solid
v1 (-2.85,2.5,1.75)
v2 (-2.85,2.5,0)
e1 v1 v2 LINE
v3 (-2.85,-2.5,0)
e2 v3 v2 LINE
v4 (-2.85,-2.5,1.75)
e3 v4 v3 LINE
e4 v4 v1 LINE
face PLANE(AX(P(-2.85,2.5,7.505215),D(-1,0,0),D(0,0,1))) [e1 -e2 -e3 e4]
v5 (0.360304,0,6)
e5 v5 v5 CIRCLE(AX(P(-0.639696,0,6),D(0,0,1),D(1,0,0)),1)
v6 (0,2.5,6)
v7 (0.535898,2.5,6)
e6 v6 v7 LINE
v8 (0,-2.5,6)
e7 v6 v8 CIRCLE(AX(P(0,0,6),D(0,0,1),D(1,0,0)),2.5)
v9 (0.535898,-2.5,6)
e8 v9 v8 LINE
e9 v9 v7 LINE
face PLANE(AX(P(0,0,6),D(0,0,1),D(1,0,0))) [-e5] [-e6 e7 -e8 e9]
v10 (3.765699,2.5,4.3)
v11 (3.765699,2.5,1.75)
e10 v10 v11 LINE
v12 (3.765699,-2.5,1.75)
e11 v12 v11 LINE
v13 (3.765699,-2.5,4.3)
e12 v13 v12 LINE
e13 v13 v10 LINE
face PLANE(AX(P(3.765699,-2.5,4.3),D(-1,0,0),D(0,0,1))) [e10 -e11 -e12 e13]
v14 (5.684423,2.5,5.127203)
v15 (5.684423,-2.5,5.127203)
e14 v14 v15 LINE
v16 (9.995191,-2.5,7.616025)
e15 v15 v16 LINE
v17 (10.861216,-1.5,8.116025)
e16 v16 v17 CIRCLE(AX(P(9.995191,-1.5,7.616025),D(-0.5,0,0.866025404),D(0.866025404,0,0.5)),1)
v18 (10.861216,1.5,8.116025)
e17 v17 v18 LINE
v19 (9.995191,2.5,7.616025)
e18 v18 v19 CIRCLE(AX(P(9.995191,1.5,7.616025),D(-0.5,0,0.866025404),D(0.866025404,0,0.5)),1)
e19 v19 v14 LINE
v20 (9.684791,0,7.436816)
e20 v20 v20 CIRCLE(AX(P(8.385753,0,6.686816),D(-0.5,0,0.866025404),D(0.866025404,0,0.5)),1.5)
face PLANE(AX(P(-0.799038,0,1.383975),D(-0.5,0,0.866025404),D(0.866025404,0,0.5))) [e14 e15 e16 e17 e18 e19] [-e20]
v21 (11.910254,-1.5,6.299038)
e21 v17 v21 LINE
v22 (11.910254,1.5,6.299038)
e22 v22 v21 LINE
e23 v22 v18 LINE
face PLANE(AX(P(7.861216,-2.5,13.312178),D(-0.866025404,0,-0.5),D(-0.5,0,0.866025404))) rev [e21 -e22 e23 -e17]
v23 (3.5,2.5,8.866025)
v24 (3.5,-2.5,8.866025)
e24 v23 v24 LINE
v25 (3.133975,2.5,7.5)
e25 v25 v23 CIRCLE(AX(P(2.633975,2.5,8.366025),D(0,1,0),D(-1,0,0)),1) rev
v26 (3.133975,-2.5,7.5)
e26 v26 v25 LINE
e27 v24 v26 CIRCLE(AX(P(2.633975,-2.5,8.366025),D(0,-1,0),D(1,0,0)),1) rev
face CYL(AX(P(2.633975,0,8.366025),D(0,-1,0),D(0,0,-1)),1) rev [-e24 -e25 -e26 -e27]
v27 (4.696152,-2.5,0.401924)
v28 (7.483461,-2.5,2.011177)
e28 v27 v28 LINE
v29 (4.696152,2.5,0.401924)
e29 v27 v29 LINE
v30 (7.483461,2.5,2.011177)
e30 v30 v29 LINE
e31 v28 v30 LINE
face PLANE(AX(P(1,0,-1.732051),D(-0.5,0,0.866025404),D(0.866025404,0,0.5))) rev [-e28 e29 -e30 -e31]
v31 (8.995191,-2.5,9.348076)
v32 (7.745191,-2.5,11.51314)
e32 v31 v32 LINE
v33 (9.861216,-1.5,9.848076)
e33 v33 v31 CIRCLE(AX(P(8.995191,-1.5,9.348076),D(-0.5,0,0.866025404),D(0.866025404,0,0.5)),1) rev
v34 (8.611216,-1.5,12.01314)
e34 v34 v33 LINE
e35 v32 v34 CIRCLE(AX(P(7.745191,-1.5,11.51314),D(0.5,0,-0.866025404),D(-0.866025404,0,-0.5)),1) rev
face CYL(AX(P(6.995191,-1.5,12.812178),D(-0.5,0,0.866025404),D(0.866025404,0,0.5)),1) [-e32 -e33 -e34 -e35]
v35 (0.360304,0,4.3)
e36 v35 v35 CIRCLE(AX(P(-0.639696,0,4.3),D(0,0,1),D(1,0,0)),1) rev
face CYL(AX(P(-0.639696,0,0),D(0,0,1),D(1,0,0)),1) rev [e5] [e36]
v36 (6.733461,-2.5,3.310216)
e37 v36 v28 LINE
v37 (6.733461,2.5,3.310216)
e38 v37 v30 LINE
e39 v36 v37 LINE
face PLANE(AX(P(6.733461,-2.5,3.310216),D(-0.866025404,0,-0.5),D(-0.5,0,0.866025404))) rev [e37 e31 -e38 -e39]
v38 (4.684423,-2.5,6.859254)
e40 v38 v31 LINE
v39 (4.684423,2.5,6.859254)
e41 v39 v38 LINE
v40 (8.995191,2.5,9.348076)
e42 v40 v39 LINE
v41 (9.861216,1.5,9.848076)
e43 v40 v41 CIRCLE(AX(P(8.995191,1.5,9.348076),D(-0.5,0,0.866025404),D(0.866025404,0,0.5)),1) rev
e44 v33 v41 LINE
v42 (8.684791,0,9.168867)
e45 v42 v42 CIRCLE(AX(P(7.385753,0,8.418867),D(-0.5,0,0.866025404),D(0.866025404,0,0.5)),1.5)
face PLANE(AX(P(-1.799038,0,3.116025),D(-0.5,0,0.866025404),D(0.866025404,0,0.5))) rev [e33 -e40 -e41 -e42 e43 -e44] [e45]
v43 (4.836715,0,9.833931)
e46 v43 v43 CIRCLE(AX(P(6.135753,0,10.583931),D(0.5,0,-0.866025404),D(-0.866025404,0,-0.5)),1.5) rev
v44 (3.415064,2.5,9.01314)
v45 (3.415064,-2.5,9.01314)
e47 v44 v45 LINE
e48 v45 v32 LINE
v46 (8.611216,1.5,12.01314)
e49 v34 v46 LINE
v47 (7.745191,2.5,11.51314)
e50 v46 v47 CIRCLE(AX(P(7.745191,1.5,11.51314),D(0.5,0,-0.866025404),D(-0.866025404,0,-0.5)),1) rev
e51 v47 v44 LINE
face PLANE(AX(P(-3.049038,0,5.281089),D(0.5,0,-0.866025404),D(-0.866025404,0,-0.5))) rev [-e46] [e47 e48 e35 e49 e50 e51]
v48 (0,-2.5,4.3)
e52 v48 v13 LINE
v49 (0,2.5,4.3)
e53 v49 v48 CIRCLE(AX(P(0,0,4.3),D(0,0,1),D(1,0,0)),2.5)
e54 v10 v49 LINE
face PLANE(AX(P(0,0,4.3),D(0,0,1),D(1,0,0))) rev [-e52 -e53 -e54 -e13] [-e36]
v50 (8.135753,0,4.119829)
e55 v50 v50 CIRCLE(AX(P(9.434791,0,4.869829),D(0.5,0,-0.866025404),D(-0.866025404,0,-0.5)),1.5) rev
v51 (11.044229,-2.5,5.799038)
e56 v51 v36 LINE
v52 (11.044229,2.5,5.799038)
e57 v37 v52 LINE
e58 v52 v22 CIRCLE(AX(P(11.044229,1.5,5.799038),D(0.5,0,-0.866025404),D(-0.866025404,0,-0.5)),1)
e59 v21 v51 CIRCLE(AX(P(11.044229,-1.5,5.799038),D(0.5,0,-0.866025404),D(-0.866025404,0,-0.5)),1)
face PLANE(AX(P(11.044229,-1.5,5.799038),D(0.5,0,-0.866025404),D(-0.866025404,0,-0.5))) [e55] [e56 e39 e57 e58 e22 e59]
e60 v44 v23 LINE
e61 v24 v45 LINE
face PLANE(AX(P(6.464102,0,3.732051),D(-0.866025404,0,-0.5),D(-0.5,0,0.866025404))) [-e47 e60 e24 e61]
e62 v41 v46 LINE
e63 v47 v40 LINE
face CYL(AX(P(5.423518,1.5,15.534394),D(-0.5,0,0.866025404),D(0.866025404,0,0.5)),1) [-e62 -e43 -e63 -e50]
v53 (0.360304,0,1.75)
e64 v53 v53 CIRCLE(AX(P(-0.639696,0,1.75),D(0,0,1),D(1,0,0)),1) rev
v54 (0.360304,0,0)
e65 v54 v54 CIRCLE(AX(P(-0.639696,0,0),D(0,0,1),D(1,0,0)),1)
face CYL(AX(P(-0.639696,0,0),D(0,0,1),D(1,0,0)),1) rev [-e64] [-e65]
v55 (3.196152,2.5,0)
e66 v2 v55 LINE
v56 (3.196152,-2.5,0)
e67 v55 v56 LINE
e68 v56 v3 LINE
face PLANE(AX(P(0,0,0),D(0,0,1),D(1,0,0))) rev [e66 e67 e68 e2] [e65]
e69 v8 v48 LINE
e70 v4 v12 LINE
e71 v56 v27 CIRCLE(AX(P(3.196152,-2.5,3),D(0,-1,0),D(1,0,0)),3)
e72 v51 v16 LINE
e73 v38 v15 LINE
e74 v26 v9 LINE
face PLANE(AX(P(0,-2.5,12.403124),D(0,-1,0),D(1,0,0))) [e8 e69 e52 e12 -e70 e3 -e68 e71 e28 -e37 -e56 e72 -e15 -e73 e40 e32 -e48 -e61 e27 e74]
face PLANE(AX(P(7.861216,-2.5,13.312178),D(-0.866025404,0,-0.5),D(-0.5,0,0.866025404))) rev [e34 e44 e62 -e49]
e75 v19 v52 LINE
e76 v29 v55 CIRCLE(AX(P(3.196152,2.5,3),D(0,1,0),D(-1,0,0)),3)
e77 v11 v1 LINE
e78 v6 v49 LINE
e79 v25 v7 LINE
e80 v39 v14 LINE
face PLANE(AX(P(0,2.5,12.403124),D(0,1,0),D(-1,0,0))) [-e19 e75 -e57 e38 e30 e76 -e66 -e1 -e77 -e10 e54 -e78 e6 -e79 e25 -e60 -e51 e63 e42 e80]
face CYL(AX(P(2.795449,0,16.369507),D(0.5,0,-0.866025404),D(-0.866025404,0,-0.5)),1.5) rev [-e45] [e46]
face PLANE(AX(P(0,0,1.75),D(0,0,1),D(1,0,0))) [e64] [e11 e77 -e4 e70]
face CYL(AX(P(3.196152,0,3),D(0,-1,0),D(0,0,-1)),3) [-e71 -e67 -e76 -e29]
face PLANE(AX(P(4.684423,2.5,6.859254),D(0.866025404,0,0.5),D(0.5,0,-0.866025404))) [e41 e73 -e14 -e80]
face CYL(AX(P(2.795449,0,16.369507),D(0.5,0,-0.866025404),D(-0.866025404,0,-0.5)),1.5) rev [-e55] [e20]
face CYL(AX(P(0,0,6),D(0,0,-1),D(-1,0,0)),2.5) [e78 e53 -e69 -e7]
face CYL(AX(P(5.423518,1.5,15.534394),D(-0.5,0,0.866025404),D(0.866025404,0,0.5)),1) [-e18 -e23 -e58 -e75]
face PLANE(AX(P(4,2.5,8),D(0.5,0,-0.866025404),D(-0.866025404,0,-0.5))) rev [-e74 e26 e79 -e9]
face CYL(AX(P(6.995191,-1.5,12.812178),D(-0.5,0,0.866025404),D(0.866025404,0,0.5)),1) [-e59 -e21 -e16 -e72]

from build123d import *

# Parameters (mm, degrees)
SKETCH_1_R               = 2.5
EXTRUDE_1_DEPTH          = 6
SKETCH_2_W               = 4
SKETCH_2_H               = 5
EXTRUDE_2_DEPTH          = 6
SKETCH_13_W              = 5
SKETCH_13_H              = 10
EXTRUDE_4_DEPTH          = 5
EXTRUDE_4_DEPTH_BACK     = 4.598076
SKETCH_14_W              = 5
SKETCH_14_H              = 5.9776452
CUT_EXTRUDE_6_DEPTH      = 1
CUT_EXTRUDE_6_DEPTH_BACK = 1
SKETCH_5_R               = 1
CUT_EXTRUDE_2_DEPTH      = 7
CUT_EXTRUDE_3_DEPTH      = 1.3
CUT_EXTRUDE_3_DEPTH_BACK = 1.25
SKETCH_17_W              = 2.669872981
SKETCH_17_H              = 5
CUT_EXTRUDE_8_DEPTH      = 4
FILLET_1_R               = 1
FILLET_2_R               = 3
SKETCH_15_R              = 1.5
CUT_EXTRUDE_7_DEPTH      = 5.330126966
CUT_EXTRUDE_7_DEPTH_BACK = 15.778684177
FILLET_3_R               = 1
EXTRUDE_5_DEPTH          = 1.75
SKETCH_18_W              = 6.370272001
SKETCH_18_H              = 5.288650256
CUT_EXTRUDE_9_DEPTH      = 1.5
CUT_EXTRUDE_10_DEPTH     = 1.5


with BuildPart() as part:
    # Sketch 1 → Extrude 1 (new body)
    with BuildSketch(Plane.XY):
        Circle(SKETCH_1_R)
    extrude(amount=EXTRUDE_1_DEPTH)

    # Sketch 2 → Extrude 2 (add)
    with BuildSketch(Plane(origin=(0, 0, 0), x_dir=(-1, 0, 0), z_dir=(0, 0, -1))):
        with Locations((-2, 0)):
            Rectangle(SKETCH_2_W, SKETCH_2_H)
    extrude(amount=-EXTRUDE_2_DEPTH)

    # Sketch 13 → Extrude 4 (add, two sides)
    with BuildSketch(Plane(origin=(-1.299038106, 0, 2.25), x_dir=(0, -1, 0), z_dir=(-0.5, 0, 0.866025404))) as extrude_4_sk:
        with Locations((0, 8.464101615)):
            Rectangle(SKETCH_13_W, SKETCH_13_H)
    extrude(amount=EXTRUDE_4_DEPTH)
    extrude(extrude_4_sk.sketch, amount=-EXTRUDE_4_DEPTH_BACK)

    # Sketch 14 → Cut-Extrude 6 (cut, two sides)
    with BuildSketch(Plane(origin=(-1.299038106, 0, 2.25), x_dir=(0, -1, 0), z_dir=(-0.5, 0, 0.866025404))) as cut_extrude_6_sk:
        with Locations((0, 10.475279015)):
            Rectangle(SKETCH_14_W, SKETCH_14_H)
    extrude(amount=CUT_EXTRUDE_6_DEPTH, mode=Mode.SUBTRACT)
    extrude(cut_extrude_6_sk.sketch, amount=-CUT_EXTRUDE_6_DEPTH_BACK, mode=Mode.SUBTRACT)

    # Sketch 5 → Cut-Extrude 2 (cut, through all)
    with BuildSketch(Plane.XY.offset(6)):
        with Locations((-0.639695784, 0)):
            Circle(SKETCH_5_R)
    extrude(amount=-CUT_EXTRUDE_2_DEPTH, mode=Mode.SUBTRACT)

    # Sketch 6 → Cut-Extrude 3 (cut, two sides)
    with BuildSketch(Plane.XY.offset(3)) as cut_extrude_3_sk:
        with BuildLine():
            Line((3.765698608, 2.5), (0, 2.5))
            ThreePointArc((0, 2.5), (-2.5, 0), (0, -2.5))
            Line((0, -2.5), (3.765698608, -2.5))
            Line((3.765698608, -2.5), (3.765698608, 2.5))
        make_face()
    extrude(amount=CUT_EXTRUDE_3_DEPTH, mode=Mode.SUBTRACT)
    extrude(cut_extrude_3_sk.sketch, amount=-CUT_EXTRUDE_3_DEPTH_BACK, mode=Mode.SUBTRACT)

    # Sketch 17 → Cut-Extrude 8 (cut)
    with BuildSketch(Plane(origin=(3, 0, 1.732050808), x_dir=(-0.5, 0, 0.866025404), z_dir=(-0.866025404, 0, -0.5))):
        with Locations((6.26313972, 0)):
            Rectangle(SKETCH_17_W, SKETCH_17_H)
    extrude(amount=-CUT_EXTRUDE_8_DEPTH, mode=Mode.SUBTRACT)

    # Fillet 1
    fillet_1_edges = [part.edges().sort_by_distance(p)[0] for p in [
        (2.665063509, 0, 10.312177826),
        (4, 0, 8),
    ]]
    fillet(fillet_1_edges, radius=FILLET_1_R)

    # Fillet 2
    fillet_2_edges = [part.edges().sort_by_distance(p)[0] for p in [
        (4, 0, 0),
    ]]
    fillet(fillet_2_edges, radius=FILLET_2_R)

    # Sketch 15 → Cut-Extrude 7 (cut, two sides)
    with BuildSketch(Plane(origin=(1, 0, -1.732050808), x_dir=(-0.866025404, 0, -0.5), z_dir=(0.5, 0, -0.866025404))) as cut_extrude_7_sk:
        with Locations((-10.605683392, 0)):
            Circle(SKETCH_15_R)
    extrude(amount=CUT_EXTRUDE_7_DEPTH, mode=Mode.SUBTRACT)
    extrude(cut_extrude_7_sk.sketch, amount=-CUT_EXTRUDE_7_DEPTH_BACK, mode=Mode.SUBTRACT)

    # Fillet 3
    fillet_3_edges = [part.edges().sort_by_distance(p)[0] for p in [
        (8.861215932, 2.5, 11.580127019),
        (8.861215932, -2.5, 11.580127019),
        (11.760734932, -2.5, 6.558012793),
        (11.760734932, 2.5, 6.558012793),
    ]]
    fillet(fillet_3_edges, radius=FILLET_3_R)

    # Sketch 16 → Extrude 5 (add)
    with BuildSketch(Plane(origin=(0, 0, 0), x_dir=(-1, 0, 0), z_dir=(0, 0, -1))):
        with BuildLine():
            Line((0, 2.5), (2.85, 2.5))
            Line((2.85, 2.5), (2.85, -2.5))
            Line((2.85, -2.5), (0, -2.5))
            ThreePointArc((0, -2.5), (2.5, 0), (0, 2.5))
        make_face()
    extrude(amount=-EXTRUDE_5_DEPTH)

    # Sketch 18 → Cut-Extrude 9 (cut)
    with BuildSketch(Plane(origin=(-3.799038106, 0, 6.580127019), x_dir=(0.866025404, 0, 0.5), z_dir=(-0.5, 0, 0.866025404))):
        with Locations((10.278965615, -0.144325128)):
            Rectangle(SKETCH_18_W, SKETCH_18_H)
    extrude(amount=-CUT_EXTRUDE_9_DEPTH, mode=Mode.SUBTRACT)

    # Sketch 19 → Cut-Extrude 10 (cut)
    with BuildSketch(Plane(origin=(1, 0, -1.732050808), x_dir=(-0.866025404, 0, -0.5), z_dir=(0.5, 0, -0.866025404))):
        with BuildLine():
            Line((-13.464101615, 1.5), (-13.464101615, -1.5))
            ThreePointArc((-13.464101615, -1.5), (-13.171208396, -2.207106781), (-12.464101615, -2.5))
            Line((-12.464101615, -2.5), (-7.486456415, -2.5))
            Line((-7.486456415, -2.5), (-7.486456415, 2.5))
            Line((-7.486456415, 2.5), (-12.464101615, 2.5))
            ThreePointArc((-12.464101615, 2.5), (-13.171208396, 2.207106781), (-13.464101615, 1.5))
        make_face()
    extrude(amount=-CUT_EXTRUDE_10_DEPTH, mode=Mode.SUBTRACT)


solid = part.part
